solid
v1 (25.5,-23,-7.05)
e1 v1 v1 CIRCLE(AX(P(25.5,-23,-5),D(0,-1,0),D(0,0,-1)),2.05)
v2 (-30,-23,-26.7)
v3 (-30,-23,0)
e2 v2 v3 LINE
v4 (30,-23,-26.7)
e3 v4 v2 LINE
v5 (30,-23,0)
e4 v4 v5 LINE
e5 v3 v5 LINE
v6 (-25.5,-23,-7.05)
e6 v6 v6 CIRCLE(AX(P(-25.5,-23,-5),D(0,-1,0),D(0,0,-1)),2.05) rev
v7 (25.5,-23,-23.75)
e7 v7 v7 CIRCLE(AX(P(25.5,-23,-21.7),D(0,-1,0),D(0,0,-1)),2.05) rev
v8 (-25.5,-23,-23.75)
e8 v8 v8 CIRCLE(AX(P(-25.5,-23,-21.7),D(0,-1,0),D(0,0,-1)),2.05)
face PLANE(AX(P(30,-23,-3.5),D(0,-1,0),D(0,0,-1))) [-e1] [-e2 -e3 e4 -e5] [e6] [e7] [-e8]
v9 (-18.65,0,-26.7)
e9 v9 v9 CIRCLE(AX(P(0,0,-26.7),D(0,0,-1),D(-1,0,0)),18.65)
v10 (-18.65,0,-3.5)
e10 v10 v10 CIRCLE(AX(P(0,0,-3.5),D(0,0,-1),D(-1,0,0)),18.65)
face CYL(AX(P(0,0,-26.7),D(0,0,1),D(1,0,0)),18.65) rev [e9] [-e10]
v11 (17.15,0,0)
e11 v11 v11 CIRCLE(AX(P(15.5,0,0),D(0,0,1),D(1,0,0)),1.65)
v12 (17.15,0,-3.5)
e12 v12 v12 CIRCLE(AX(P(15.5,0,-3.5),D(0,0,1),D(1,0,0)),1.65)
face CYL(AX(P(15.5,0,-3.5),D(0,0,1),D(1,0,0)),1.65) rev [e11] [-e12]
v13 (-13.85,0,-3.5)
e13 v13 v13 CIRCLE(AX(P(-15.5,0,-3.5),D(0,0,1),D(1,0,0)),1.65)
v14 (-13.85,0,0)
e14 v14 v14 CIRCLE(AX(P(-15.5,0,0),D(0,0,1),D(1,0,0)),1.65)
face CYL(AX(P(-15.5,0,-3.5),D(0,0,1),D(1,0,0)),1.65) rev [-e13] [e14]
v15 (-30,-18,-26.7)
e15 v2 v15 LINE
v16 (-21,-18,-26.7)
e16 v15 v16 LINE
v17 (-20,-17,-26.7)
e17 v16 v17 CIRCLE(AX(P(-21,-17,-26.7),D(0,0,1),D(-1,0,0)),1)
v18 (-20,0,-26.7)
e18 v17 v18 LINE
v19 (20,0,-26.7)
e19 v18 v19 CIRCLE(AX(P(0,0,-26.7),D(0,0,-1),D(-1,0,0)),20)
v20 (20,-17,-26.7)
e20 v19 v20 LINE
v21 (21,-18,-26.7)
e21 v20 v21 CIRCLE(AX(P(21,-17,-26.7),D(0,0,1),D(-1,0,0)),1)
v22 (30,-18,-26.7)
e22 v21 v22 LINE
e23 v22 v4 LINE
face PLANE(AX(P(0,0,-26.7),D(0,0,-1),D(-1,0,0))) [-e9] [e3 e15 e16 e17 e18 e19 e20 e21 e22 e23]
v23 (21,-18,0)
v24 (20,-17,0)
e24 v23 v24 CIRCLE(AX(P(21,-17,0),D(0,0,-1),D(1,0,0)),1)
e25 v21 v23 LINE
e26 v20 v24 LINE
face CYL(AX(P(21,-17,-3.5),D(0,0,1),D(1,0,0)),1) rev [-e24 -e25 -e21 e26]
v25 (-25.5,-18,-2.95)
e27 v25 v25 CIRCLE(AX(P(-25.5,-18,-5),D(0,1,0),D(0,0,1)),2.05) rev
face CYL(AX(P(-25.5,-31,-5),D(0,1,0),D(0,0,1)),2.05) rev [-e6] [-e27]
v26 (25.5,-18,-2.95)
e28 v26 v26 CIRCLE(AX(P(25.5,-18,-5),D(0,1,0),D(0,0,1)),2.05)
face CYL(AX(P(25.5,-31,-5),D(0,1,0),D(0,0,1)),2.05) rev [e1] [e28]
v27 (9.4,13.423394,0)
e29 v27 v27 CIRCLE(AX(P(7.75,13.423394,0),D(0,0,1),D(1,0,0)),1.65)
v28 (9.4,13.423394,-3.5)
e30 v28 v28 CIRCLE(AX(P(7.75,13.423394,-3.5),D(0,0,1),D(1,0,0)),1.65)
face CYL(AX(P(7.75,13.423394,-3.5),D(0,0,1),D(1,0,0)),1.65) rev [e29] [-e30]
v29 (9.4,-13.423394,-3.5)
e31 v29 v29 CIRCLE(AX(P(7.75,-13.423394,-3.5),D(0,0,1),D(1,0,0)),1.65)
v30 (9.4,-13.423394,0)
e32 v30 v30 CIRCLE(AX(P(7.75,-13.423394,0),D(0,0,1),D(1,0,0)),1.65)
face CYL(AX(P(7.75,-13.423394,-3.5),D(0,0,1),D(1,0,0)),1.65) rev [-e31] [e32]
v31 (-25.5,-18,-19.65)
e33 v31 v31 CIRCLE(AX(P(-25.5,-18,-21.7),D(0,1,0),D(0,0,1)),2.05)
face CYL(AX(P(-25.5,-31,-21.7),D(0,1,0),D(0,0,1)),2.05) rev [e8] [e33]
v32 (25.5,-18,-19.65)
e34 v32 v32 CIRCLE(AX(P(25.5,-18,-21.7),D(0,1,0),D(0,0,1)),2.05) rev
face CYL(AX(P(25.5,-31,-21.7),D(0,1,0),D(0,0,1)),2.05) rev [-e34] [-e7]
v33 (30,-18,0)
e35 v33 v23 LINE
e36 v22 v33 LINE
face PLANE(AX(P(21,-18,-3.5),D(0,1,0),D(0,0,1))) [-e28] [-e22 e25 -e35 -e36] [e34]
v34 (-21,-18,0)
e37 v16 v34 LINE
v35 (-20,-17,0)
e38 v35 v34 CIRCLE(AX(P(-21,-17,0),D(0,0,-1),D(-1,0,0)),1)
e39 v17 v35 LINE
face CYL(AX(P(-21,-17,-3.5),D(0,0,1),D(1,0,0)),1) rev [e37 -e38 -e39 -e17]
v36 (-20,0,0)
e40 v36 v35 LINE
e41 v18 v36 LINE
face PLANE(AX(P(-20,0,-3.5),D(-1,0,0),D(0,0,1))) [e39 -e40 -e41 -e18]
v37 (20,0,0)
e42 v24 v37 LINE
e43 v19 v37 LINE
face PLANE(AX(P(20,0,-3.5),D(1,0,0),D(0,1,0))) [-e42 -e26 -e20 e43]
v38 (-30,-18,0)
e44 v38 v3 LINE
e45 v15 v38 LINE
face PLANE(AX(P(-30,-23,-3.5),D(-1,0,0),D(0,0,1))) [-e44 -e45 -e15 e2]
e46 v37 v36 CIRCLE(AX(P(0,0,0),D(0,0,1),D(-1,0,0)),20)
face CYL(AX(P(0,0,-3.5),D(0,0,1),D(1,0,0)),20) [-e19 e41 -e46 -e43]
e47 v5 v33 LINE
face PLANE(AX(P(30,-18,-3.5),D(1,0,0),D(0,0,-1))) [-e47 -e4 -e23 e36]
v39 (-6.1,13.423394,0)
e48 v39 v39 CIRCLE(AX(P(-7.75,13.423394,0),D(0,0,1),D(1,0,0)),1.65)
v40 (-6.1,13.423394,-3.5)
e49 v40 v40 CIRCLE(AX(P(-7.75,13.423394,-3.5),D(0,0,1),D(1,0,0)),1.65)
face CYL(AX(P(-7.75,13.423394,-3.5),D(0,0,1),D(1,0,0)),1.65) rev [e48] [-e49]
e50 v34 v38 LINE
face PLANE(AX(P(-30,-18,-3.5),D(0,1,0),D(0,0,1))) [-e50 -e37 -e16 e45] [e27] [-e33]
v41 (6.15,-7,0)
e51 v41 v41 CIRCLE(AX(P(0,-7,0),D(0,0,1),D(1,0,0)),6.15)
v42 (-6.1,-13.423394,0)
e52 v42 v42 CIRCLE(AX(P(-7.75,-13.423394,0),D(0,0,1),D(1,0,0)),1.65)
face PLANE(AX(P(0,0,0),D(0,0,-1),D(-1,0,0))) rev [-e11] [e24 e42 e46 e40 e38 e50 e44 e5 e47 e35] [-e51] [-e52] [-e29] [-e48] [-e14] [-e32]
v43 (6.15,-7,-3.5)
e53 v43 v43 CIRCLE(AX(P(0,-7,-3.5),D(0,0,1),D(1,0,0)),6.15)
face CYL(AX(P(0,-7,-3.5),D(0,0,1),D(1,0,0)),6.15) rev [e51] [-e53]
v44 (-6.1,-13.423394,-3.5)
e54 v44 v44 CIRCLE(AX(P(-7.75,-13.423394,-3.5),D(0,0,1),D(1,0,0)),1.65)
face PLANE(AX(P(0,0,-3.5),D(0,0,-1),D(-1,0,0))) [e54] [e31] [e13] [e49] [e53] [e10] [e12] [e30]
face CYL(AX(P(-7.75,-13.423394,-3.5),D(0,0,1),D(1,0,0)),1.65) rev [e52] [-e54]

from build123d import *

# Parameters (mm, degrees)
ESQUISSE3_R             = 6.15
ESQUISSE3_R_2           = 1.65
BOSS_EXTRU_2_DEPTH      = 3.5
ESQUISSE4_R             = 18.65
BOSS_EXTRU_3_DEPTH      = 23.2
ESQUISSE5_R             = 2.05
ENL_V_MAT_EXTRU_1_DEPTH = 31


with BuildPart() as part:
    # Esquisse3 → Boss.-Extru.2 (new body)
    with BuildSketch(Plane.XY):
        with BuildLine():
            Line((-20, 0), (-20, -17))
            ThreePointArc((-20, -17), (-20.292893219, -17.707106781), (-21, -18))
            Line((-21, -18), (-30, -18))
            Line((-30, -18), (-30, -23))
            Line((-30, -23), (30, -23))
            Line((30, -23), (30, -18))
            Line((30, -18), (21, -18))
            ThreePointArc((21, -18), (20.292893219, -17.707106781), (20, -17))
            Line((20, -17), (20, 0))
            ThreePointArc((20, 0), (0, 20), (-20, 0))
        make_face()
        with Locations((0, -7)):
            Circle(ESQUISSE3_R, mode=Mode.SUBTRACT)
        with Locations((-15.5, 0)):
            Circle(ESQUISSE3_R_2, mode=Mode.SUBTRACT)
        with Locations((-7.75, 13.423393759)):
            Circle(ESQUISSE3_R_2, mode=Mode.SUBTRACT)
        with Locations((7.75, 13.423393759)):
            Circle(ESQUISSE3_R_2, mode=Mode.SUBTRACT)
        with Locations((15.5, 0)):
            Circle(ESQUISSE3_R_2, mode=Mode.SUBTRACT)
        with Locations((7.75, -13.423393759)):
            Circle(ESQUISSE3_R_2, mode=Mode.SUBTRACT)
        with Locations((-7.75, -13.423393759)):
            Circle(ESQUISSE3_R_2, mode=Mode.SUBTRACT)
    extrude(amount=-BOSS_EXTRU_2_DEPTH)

    # Esquisse4 → Boss.-Extru.3 (add)
    with BuildSketch(Plane(origin=(0, 0, -3.5), x_dir=(-1, 0, 0), z_dir=(0, 0, -1))):
        with BuildLine():
            Line((-20, 0), (-20, -17))
            ThreePointArc((-20, -17), (-20.292893219, -17.707106781), (-21, -18))
            Line((-21, -18), (-30, -18))
            Line((-30, -18), (-30, -23))
            Line((-30, -23), (30, -23))
            Line((30, -23), (30, -18))
            Line((30, -18), (21, -18))
            ThreePointArc((21, -18), (20.292893219, -17.707106781), (20, -17))
            Line((20, -17), (20, 0))
            ThreePointArc((20, 0), (0, 20), (-20, 0))
        make_face()
        Circle(ESQUISSE4_R, mode=Mode.SUBTRACT)
    extrude(amount=BOSS_EXTRU_3_DEPTH)

    # Esquisse5 → Enlèv. mat.-Extru.1 (cut)
    with BuildSketch(Plane(origin=(0, 0, 0), x_dir=(1, 0, 0), z_dir=(0, 1, 0))):
        with Locations(Location((-25.5, 21.7, 0), (0, 0, 270))):
            Circle(ESQUISSE5_R)
        with Locations(Location((-25.5, 5, 0), (0, 0, 270))):
            Circle(ESQUISSE5_R)
        with Locations(Location((25.5, 5, 0), (0, 0, 270))):
            Circle(ESQUISSE5_R)
        with Locations(Location((25.5, 21.7, 0), (0, 0, 270))):
            Circle(ESQUISSE5_R)
    extrude(amount=-ENL_V_MAT_EXTRU_1_DEPTH, mode=Mode.SUBTRACT)


solid = part.part
